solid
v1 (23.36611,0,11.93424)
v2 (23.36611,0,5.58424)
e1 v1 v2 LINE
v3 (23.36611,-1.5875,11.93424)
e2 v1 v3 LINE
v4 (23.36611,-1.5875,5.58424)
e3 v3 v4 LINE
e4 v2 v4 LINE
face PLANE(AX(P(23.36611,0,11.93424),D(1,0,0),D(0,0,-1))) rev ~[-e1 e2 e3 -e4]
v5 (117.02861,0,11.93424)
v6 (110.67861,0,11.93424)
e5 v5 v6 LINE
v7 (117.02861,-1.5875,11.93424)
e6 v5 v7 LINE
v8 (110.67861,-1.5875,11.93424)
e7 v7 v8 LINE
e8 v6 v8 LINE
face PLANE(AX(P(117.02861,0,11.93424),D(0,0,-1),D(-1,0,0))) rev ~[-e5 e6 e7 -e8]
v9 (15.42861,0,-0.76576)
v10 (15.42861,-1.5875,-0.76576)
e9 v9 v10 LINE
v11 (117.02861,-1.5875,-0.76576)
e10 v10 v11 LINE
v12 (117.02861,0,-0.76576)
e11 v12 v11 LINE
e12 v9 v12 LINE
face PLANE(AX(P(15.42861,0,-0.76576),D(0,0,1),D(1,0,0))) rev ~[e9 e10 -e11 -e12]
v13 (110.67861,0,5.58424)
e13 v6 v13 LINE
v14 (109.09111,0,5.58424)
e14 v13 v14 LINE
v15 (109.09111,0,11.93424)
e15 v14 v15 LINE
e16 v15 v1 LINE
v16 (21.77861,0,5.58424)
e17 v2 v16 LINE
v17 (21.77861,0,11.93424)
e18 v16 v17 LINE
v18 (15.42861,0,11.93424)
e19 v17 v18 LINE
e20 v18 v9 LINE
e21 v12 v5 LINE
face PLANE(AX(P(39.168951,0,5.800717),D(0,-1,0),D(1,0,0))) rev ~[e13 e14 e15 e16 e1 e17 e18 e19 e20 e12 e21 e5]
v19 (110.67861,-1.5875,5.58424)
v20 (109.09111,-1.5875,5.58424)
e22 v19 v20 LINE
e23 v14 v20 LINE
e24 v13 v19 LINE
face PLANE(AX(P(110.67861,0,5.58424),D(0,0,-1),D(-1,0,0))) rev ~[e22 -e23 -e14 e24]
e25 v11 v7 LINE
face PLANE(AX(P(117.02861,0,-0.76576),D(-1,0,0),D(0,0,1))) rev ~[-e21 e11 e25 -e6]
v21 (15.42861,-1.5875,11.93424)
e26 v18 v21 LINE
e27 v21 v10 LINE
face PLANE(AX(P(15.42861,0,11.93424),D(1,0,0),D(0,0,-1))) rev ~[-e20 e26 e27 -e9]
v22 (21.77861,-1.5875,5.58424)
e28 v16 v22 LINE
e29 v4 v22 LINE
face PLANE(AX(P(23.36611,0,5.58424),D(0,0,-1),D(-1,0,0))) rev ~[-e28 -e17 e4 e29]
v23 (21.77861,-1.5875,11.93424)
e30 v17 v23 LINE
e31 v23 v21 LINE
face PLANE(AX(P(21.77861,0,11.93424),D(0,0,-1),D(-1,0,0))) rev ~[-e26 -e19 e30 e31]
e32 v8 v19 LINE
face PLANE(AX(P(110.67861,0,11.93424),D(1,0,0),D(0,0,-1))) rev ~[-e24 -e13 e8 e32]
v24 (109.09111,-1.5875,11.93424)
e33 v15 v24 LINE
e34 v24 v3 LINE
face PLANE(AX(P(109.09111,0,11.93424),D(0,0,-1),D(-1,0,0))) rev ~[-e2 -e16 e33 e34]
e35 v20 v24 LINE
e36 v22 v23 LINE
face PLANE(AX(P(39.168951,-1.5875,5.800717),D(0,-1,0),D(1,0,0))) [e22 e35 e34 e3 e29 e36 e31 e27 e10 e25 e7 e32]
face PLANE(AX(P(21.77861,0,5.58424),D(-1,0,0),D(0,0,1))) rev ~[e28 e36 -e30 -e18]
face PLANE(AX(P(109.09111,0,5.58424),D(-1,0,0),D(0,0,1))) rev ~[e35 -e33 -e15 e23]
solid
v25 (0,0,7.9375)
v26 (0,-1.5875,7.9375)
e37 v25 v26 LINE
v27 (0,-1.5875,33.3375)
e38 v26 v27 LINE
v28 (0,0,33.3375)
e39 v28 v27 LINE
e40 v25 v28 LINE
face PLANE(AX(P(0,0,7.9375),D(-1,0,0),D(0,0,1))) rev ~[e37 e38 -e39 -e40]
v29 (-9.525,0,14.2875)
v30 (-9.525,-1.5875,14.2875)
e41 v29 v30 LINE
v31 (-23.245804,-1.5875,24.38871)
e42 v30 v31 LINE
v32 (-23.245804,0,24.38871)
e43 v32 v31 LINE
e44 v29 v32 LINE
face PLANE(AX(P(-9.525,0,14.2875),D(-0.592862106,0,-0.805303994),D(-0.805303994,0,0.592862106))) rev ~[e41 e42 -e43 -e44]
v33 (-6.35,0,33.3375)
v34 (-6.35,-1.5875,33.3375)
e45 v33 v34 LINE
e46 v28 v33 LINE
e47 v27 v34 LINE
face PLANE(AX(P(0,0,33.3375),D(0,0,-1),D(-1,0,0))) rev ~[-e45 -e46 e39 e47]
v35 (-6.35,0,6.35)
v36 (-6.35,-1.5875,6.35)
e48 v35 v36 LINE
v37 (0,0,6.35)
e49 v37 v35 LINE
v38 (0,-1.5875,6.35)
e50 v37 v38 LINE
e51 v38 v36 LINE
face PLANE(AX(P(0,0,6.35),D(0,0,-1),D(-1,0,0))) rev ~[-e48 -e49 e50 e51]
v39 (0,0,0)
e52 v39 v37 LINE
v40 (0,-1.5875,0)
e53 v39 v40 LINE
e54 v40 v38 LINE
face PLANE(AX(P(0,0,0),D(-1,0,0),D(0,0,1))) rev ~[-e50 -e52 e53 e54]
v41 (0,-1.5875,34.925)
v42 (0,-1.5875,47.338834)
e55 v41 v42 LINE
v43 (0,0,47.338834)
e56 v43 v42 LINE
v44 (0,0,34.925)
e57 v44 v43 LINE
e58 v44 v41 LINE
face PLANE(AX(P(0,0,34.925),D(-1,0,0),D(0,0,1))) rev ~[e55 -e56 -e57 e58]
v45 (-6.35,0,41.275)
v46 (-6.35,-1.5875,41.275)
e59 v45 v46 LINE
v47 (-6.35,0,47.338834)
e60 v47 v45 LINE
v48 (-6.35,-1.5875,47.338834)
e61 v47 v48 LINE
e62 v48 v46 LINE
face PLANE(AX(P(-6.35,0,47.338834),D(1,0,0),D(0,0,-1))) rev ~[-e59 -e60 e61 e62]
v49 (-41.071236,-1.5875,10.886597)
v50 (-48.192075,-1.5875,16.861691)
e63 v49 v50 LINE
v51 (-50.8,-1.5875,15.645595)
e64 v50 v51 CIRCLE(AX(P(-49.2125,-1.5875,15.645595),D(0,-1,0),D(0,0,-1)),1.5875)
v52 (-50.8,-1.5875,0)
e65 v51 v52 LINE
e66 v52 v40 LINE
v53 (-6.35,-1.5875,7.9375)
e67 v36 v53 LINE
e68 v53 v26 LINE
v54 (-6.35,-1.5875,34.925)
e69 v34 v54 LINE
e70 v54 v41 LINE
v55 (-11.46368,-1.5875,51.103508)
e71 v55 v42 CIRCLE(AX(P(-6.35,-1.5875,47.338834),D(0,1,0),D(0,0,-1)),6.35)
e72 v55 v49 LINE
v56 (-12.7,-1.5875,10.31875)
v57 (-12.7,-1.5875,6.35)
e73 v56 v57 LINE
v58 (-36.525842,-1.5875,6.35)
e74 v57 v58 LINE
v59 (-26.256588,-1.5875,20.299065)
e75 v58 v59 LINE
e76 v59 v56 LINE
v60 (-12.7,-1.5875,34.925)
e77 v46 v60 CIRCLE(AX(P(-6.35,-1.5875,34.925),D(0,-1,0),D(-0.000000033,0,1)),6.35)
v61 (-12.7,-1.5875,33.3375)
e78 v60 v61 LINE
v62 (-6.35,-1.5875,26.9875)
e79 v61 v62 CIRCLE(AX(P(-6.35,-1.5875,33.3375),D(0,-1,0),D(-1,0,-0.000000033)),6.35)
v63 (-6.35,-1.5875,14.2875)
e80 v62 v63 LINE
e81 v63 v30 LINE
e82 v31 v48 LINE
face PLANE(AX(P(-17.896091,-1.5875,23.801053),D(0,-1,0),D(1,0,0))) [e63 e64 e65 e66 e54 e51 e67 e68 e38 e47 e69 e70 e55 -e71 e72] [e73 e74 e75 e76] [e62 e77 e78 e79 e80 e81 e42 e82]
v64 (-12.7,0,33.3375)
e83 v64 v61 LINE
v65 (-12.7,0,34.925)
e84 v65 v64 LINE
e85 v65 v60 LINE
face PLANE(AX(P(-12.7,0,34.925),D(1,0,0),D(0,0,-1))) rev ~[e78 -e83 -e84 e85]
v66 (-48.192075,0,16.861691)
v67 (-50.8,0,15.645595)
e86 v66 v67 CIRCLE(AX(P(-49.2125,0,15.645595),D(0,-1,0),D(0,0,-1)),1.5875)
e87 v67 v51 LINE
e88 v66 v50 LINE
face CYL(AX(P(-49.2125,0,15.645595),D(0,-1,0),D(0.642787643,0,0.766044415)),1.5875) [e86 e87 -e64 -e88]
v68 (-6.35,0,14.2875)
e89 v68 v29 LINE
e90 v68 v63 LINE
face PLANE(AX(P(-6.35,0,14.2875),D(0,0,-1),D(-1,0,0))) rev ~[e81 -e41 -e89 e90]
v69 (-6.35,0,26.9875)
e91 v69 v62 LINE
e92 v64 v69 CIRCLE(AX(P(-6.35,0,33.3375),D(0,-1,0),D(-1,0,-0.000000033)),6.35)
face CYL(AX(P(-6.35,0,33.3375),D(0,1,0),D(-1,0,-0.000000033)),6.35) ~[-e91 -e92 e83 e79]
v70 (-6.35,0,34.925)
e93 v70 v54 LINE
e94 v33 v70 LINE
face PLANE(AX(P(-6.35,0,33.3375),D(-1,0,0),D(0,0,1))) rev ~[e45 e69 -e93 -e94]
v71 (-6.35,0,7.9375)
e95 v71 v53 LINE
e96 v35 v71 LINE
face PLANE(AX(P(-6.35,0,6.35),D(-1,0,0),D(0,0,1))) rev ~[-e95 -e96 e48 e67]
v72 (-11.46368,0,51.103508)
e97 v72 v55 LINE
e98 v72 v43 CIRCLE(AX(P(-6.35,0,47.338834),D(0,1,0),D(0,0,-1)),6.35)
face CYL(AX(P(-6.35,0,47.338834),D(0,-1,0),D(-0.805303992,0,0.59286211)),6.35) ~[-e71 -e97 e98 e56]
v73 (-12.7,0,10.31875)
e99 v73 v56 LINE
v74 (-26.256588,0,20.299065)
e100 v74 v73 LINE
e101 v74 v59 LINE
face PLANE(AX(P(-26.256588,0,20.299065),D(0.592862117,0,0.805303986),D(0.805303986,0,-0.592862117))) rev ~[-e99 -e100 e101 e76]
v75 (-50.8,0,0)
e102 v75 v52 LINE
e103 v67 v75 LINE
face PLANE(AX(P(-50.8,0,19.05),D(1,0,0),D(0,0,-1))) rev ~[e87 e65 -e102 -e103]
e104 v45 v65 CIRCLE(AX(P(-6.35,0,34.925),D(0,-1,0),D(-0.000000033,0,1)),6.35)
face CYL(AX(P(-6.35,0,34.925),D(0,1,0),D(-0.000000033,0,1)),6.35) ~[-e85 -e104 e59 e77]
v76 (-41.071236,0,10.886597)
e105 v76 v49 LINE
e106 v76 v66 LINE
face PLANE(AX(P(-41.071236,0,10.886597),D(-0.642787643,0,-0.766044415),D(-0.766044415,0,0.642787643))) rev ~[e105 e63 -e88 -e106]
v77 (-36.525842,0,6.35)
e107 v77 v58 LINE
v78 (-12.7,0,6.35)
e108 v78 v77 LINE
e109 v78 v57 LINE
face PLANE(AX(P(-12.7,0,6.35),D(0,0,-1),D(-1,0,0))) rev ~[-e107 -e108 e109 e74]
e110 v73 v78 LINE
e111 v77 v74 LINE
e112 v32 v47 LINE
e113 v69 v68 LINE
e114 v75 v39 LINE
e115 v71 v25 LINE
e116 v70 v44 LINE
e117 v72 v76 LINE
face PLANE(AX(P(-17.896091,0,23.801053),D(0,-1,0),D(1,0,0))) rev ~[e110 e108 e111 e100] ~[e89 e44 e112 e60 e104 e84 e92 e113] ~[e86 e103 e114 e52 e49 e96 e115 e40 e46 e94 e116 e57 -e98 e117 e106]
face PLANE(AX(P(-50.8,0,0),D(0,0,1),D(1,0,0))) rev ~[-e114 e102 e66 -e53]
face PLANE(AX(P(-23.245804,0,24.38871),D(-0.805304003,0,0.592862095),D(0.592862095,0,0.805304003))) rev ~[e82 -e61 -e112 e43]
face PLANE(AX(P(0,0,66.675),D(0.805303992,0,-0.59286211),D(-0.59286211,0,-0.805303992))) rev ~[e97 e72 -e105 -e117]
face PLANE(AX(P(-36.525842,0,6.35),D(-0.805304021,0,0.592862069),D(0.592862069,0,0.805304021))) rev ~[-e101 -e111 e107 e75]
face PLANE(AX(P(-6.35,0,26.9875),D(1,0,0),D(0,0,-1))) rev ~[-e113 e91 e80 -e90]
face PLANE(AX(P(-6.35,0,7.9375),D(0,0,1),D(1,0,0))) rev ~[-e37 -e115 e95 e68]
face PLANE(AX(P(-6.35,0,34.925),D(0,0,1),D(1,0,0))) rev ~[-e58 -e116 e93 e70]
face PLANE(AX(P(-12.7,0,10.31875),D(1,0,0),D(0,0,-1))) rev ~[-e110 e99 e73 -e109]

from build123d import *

# Parameters (mm, degrees)
F1_DEPTH = 1.5875
F3_DEPTH = 1.5875
F4_R     = 1.5875
F5_R     = 6.35


with BuildPart() as f1:
    # F0 (on Front) → F1 (new body)
    with BuildSketch(Plane.XZ):
        Polygon((-50.8, 0), (0, 0), (0, 6.35), (-6.35, 6.35), (-6.35, 7.9375), (0, 7.9375), (0, 33.3375), (-6.35, 33.3375), (-6.35, 34.925), (0, 34.925), (0, 66.675), (-41.071236, 10.886597), (-50.8, 19.05), align=None)
        with BuildLine():
            Line((-6.35, 26.9875), (-6.35, 14.2875))
            Line((-6.35, 14.2875), (-9.525, 14.2875))
            Line((-9.525, 14.2875), (-12.7, 14.2875))
            Line((-12.7, 14.2875), (-12.7, 10.31875))
            Line((-12.7, 10.31875), (-12.7, 6.35))
            Line((-12.7, 6.35), (-36.525842, 6.35))
            Line((-36.525842, 6.35), (-26.256588, 20.299065))
            Line((-26.256588, 20.299065), (-23.245804, 24.38871))
            Line((-23.245804, 24.38871), (-6.35, 47.338834))
            Line((-6.35, 47.338834), (-6.35, 41.275))
            ThreePointArc((-6.35, 41.275), (-10.840128, 39.415128), (-12.7, 34.925))
            Line((-12.7, 34.925), (-12.7, 33.3375))
            ThreePointArc((-12.7, 33.3375), (-10.840128, 28.847372), (-6.35, 26.9875))
        make_face(mode=Mode.SUBTRACT)
        Polygon((-12.7, 14.2875), (-9.525, 14.2875), (-23.245804, 24.38871), (-26.256588, 20.299065), (-12.7, 10.31875), align=None)
    extrude(amount=F1_DEPTH)

    # F4
    f4_edges = [f1.edges().sort_by_distance(p)[0] for p in [
        (-50.8, -0.79375, 19.05),
    ]]
    fillet(f4_edges, radius=F4_R)

    # F5
    f5_edges = [f1.edges().sort_by_distance(p)[0] for p in [
        (0, -0.79375, 66.675),
    ]]
    fillet(f5_edges, radius=F5_R)


with BuildPart() as f3:
    # F2 (on Front) → F3 (new body)
    with BuildSketch(Plane.XZ):
        Polygon((21.77861, 11.93424), (15.42861, 11.93424), (15.42861, -0.76576), (66.22861, -0.76576), (66.22861, 11.93424), (23.36611, 11.93424), (23.36611, 5.58424), (21.77861, 5.58424), align=None)
        Polygon((66.22861, 11.93424), (66.22861, -0.76576), (117.02861, -0.76576), (117.02861, 11.93424), (110.67861, 11.93424), (110.67861, 5.58424), (109.09111, 5.58424), (109.09111, 11.93424), align=None)
    extrude(amount=F3_DEPTH)


solid = Compound([f1.part, f3.part])
